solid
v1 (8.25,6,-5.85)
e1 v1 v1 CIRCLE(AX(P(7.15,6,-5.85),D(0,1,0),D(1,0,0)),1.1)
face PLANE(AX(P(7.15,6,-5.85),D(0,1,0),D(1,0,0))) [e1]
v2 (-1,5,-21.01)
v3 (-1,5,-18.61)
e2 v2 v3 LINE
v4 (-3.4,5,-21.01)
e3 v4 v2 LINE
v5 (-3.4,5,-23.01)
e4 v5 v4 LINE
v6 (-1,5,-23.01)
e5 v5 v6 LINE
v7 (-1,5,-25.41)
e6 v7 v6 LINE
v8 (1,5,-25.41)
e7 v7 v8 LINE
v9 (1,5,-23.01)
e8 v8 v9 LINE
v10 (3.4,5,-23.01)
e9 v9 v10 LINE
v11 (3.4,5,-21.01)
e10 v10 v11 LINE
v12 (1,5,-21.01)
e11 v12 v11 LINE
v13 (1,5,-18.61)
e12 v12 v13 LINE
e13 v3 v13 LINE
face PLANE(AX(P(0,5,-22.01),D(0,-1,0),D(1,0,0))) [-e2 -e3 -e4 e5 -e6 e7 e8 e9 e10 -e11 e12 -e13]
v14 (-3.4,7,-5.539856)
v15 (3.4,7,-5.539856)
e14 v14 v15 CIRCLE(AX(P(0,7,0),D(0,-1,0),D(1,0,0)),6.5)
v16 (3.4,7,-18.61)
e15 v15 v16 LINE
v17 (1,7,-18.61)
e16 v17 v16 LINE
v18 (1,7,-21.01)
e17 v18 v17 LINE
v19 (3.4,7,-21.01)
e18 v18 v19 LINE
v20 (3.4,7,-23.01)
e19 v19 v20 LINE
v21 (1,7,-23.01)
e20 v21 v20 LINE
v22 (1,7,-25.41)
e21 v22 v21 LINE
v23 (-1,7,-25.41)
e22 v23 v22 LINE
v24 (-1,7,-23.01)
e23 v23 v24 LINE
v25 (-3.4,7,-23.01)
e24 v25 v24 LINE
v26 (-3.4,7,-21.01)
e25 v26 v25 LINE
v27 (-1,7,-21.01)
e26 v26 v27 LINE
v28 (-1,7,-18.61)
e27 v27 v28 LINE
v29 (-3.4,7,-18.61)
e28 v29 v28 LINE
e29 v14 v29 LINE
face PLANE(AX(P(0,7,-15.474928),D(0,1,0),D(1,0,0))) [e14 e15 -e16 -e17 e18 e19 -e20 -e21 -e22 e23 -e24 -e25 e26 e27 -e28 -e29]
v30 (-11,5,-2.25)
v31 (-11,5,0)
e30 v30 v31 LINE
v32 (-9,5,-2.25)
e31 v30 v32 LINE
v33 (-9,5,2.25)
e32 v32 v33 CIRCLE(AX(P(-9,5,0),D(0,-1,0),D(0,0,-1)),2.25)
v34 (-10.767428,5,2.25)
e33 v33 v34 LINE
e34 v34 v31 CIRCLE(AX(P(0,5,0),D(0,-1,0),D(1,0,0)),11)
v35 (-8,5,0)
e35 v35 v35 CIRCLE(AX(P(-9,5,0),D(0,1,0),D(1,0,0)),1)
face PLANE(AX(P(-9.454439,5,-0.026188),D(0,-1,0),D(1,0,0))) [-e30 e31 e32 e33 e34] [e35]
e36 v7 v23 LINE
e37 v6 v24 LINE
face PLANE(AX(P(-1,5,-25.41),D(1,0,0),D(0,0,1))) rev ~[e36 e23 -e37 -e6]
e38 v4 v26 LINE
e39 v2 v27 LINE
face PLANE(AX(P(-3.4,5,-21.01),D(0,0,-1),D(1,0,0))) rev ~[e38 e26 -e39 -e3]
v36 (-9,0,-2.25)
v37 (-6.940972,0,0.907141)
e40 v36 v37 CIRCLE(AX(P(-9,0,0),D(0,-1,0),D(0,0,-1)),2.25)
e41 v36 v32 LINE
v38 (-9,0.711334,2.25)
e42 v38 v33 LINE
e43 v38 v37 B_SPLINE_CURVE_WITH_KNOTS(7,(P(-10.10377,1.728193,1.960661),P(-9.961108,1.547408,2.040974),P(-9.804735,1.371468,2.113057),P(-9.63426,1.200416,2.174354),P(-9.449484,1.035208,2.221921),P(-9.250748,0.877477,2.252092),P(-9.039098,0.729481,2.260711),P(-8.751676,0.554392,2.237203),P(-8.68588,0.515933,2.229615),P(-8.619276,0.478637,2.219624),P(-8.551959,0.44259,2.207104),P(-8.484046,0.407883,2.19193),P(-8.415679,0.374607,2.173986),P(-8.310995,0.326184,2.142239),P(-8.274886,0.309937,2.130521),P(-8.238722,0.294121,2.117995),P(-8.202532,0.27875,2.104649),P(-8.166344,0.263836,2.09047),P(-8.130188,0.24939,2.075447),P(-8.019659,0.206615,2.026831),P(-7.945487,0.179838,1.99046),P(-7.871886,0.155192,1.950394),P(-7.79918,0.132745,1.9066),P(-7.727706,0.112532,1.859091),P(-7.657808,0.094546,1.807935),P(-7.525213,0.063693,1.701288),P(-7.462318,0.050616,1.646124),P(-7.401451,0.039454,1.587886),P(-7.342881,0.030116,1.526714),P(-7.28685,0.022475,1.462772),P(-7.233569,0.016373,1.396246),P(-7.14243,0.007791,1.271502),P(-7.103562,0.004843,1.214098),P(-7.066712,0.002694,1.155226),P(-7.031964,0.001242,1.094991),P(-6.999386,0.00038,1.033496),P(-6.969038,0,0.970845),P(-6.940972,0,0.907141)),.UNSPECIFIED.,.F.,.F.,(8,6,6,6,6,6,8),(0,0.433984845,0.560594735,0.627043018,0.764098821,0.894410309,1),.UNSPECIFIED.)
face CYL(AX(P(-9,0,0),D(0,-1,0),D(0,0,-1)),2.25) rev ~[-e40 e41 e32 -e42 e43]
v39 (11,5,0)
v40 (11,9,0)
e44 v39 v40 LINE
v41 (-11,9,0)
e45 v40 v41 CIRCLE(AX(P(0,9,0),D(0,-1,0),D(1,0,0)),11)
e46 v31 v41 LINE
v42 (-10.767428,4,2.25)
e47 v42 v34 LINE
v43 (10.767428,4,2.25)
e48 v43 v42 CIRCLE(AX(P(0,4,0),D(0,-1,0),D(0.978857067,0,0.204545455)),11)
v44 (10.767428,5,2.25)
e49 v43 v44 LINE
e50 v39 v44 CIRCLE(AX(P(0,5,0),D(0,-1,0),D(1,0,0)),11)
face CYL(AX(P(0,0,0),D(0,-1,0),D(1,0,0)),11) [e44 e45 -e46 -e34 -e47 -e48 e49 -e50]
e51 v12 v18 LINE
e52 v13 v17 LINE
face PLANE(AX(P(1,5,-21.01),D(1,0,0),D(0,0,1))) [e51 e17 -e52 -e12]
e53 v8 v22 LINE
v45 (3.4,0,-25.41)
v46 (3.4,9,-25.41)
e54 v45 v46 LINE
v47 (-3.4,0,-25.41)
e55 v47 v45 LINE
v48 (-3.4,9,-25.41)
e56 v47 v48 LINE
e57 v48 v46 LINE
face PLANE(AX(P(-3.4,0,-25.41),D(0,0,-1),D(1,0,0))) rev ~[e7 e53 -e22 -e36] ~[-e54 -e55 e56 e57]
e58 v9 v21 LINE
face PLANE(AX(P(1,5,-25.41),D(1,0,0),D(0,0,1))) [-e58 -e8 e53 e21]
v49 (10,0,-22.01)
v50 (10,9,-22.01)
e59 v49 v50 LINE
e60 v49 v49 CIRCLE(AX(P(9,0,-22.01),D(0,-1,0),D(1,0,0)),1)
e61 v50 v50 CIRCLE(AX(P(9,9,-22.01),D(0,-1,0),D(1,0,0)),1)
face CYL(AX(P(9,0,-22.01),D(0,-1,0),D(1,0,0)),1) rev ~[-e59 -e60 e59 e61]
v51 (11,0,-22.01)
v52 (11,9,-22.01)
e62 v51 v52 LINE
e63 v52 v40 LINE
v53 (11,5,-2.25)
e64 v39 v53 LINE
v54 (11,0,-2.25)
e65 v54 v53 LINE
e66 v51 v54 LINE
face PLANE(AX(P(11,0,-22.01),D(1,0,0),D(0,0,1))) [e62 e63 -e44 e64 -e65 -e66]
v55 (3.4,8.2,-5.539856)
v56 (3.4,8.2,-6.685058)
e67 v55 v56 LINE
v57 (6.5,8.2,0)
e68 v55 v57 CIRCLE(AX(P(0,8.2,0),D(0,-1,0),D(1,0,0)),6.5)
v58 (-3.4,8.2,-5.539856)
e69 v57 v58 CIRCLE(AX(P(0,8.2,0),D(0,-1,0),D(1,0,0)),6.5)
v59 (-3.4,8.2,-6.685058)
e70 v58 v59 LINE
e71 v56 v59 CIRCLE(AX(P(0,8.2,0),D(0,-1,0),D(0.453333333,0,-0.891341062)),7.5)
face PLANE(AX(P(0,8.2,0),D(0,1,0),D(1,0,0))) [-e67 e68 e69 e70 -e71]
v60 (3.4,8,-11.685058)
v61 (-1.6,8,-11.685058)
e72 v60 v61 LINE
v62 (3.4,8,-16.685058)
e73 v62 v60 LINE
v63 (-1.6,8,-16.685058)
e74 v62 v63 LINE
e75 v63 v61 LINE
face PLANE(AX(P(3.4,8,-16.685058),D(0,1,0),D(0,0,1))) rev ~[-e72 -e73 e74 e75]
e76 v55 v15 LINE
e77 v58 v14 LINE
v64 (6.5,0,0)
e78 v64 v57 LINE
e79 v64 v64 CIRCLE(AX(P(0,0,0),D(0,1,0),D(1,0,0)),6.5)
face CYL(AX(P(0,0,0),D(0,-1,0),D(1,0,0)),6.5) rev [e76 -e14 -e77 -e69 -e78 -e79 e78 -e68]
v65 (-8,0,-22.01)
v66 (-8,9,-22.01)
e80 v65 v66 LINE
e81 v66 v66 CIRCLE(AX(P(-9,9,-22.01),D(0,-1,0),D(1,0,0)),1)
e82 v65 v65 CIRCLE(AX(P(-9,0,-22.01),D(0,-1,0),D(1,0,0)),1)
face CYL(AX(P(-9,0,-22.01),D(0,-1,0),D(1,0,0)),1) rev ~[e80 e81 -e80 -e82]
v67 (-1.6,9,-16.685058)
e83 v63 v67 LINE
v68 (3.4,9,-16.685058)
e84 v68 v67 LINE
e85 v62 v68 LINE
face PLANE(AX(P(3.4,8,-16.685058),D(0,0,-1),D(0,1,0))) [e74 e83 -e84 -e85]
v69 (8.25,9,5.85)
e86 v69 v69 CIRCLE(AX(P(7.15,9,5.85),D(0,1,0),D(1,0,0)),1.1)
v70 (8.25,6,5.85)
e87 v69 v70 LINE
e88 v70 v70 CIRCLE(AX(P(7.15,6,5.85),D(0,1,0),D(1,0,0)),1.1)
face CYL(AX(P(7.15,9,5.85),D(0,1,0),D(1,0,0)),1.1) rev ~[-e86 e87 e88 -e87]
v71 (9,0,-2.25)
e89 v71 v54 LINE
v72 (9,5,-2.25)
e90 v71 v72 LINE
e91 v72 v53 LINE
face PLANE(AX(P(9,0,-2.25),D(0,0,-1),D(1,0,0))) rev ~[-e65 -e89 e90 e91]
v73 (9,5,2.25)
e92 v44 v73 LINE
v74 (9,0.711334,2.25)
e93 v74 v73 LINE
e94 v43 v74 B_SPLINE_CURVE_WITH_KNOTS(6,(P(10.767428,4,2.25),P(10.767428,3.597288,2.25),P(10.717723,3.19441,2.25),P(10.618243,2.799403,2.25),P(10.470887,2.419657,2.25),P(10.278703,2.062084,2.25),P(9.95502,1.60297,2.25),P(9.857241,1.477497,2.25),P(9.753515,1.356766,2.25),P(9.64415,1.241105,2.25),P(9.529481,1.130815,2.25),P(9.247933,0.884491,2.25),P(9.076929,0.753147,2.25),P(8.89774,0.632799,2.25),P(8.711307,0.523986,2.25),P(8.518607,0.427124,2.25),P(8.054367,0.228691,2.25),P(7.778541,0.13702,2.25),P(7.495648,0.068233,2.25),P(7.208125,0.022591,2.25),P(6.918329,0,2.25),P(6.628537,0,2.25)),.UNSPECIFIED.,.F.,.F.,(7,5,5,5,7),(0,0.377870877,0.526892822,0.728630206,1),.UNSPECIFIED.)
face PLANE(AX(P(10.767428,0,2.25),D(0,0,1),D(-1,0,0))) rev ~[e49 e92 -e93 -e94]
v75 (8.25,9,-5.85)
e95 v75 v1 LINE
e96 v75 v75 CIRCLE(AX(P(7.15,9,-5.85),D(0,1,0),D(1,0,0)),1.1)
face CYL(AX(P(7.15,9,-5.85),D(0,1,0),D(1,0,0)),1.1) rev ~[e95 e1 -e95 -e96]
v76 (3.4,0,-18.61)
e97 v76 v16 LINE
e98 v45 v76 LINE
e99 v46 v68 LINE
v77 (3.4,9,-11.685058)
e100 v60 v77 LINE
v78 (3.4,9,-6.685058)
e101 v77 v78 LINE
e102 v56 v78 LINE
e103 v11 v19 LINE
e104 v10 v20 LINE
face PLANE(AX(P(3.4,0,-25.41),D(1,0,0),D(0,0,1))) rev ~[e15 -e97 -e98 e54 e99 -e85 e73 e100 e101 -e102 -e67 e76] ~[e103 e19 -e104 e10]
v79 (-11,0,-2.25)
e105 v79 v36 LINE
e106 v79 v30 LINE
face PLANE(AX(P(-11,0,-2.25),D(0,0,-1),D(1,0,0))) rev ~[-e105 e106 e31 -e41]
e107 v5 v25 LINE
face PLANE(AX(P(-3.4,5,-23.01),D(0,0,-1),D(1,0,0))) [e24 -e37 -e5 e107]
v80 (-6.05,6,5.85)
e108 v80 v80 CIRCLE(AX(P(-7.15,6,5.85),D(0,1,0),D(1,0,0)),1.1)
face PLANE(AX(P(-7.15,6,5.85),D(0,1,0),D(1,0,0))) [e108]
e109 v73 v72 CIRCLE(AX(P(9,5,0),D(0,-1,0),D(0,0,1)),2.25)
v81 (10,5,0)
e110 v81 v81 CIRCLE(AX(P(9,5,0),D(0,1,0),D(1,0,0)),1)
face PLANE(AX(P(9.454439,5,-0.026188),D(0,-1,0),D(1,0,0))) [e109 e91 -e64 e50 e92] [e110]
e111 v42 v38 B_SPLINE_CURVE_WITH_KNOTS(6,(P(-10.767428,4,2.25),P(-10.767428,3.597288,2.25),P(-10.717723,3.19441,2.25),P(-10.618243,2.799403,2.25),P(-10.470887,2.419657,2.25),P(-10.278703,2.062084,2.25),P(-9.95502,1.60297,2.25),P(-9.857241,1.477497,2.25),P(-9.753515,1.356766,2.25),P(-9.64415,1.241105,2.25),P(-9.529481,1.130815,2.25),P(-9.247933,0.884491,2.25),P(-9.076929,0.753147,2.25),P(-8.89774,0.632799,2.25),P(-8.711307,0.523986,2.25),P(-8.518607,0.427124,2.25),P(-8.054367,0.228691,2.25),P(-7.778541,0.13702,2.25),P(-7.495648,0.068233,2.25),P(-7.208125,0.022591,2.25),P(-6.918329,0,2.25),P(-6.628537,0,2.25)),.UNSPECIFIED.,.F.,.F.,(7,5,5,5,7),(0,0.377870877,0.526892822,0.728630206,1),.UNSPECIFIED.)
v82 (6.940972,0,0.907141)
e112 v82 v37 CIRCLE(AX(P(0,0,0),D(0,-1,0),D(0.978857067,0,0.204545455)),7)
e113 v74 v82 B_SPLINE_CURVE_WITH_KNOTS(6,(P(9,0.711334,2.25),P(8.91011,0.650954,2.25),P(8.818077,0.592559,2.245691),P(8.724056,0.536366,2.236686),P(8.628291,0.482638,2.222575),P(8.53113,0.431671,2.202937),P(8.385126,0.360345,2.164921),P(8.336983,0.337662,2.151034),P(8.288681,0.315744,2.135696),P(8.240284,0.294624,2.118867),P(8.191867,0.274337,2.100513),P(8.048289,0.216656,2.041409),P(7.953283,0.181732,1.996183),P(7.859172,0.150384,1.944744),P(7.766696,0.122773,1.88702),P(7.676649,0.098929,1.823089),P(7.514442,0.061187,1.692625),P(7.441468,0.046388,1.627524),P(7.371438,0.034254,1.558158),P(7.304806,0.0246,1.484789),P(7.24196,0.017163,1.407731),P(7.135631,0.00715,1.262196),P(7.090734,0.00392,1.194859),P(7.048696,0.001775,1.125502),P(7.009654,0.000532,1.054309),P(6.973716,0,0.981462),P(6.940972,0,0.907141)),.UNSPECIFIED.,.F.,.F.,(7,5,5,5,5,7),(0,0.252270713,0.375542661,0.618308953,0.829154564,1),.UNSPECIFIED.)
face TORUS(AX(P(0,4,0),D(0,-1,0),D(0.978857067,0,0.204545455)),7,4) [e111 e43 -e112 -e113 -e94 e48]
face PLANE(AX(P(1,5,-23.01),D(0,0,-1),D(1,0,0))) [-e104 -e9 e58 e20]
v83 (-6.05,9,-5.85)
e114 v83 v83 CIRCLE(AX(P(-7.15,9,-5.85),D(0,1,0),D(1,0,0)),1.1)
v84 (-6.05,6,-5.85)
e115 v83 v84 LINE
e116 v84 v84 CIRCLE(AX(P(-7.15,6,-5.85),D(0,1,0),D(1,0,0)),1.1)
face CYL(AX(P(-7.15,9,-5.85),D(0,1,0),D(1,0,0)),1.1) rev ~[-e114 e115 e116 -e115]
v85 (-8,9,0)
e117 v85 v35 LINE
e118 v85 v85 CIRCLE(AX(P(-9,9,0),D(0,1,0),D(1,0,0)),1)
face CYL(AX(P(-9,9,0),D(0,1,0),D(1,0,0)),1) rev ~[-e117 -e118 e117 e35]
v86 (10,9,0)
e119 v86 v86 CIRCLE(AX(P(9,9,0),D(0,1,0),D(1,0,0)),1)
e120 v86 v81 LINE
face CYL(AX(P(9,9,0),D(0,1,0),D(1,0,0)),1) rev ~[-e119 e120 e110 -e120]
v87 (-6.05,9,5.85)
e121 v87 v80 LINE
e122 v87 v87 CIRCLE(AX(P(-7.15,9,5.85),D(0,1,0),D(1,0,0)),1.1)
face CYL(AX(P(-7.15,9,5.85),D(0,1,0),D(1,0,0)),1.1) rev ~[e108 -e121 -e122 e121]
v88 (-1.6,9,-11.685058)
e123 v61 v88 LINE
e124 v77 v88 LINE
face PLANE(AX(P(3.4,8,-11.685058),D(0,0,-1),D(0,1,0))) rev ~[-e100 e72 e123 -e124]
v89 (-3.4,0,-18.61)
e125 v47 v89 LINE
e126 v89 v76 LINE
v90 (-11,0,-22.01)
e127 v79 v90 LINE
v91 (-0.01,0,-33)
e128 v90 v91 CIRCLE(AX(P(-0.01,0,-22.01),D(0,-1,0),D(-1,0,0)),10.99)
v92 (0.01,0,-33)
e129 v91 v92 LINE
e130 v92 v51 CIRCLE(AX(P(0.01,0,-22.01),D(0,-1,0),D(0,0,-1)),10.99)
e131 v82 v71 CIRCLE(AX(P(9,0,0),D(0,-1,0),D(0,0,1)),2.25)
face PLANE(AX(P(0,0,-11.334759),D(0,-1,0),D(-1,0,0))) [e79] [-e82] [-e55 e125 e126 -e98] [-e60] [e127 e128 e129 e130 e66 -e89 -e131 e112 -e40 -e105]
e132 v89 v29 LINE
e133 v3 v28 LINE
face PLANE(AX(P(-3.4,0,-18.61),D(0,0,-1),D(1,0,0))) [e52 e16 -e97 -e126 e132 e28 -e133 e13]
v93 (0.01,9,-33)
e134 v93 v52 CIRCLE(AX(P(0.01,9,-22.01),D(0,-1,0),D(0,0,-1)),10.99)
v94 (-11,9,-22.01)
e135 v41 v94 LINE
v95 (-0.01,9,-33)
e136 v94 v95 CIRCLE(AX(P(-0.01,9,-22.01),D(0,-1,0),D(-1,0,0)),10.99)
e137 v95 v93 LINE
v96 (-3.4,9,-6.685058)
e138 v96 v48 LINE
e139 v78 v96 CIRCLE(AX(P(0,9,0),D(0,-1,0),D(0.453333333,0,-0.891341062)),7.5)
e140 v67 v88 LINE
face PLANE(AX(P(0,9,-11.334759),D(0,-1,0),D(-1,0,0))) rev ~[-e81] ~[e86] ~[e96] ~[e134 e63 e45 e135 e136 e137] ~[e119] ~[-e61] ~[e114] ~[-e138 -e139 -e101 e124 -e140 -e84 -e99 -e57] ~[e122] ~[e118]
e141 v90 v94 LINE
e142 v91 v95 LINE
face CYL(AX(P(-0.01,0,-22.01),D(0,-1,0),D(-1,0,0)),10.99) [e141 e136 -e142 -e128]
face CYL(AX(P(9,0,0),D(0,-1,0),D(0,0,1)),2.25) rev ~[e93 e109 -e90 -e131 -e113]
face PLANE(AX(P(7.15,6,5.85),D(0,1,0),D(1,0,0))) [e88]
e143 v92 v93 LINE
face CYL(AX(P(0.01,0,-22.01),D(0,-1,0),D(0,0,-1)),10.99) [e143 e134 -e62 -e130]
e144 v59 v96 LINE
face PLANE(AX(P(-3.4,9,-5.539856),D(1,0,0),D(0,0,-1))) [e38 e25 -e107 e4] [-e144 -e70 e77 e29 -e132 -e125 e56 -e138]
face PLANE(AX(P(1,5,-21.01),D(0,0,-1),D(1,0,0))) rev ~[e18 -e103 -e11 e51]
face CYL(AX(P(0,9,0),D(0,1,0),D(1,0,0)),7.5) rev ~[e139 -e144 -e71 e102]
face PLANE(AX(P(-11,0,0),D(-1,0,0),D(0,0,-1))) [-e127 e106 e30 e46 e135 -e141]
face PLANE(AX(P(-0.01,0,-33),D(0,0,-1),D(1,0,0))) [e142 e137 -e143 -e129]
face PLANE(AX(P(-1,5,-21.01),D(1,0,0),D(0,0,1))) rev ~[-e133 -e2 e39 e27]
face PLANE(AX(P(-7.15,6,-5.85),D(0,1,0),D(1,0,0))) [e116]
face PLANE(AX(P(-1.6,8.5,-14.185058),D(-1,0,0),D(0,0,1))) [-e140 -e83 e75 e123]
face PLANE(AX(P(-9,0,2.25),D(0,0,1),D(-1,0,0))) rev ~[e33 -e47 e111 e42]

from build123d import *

# Parameters (mm, degrees)
SKETCH1_R           = 6.5
BOSS_EXTRUDE1_DEPTH = 9
SKETCH2_R           = 1.1
CUT_EXTRUDE1_DEPTH  = 3
SKETCH3_R           = 1
CUT_EXTRUDE2_DEPTH  = 20
CUT_EXTRUDE3_DEPTH  = 5
SKETCH6_W           = 6.8
SKETCH6_H           = 6.8
CUT_EXTRUDE4_DEPTH  = 5
SKETCH7_W           = 2.4
SKETCH7_H           = 2.4
CUT_EXTRUDE5_DEPTH  = 5
FILLET2_R           = 4
SKETCH8_R           = 1
CUT_EXTRUDE6_DEPTH  = 20
SKETCH9_R           = 7.5
CUT_EXTRUDE7_DEPTH  = 0.8
SKETCH10_W          = 6.8
SKETCH10_H          = 19.870144406
CUT_EXTRUDE8_DEPTH  = 2
SKETCH11_W          = 5
SKETCH11_H          = 1
BOSS_EXTRUDE2_DEPTH = 5


with BuildPart() as part:
    # Sketch1 → Boss-Extrude1 (new body)
    with BuildSketch(Plane(origin=(0, 0, 0), x_dir=(1, 0, 0), z_dir=(0, 1, 0))):
        with BuildLine():
            Line((-11, 0), (-11, 22.01))
            ThreePointArc((-11, 22.01), (-7.781103525, 29.781103525), (-0.01, 33))
            Line((-0.01, 33), (0.01, 33))
            ThreePointArc((0.01, 33), (7.781103525, 29.781103525), (11, 22.01))
            Line((11, 22.01), (11, 0))
            ThreePointArc((11, 0), (0, -11), (-11, 0))
        make_face()
        Circle(SKETCH1_R, mode=Mode.SUBTRACT)
    extrude(amount=BOSS_EXTRUDE1_DEPTH)

    # Sketch2 → Cut-Extrude1 (cut)
    with BuildSketch(Plane(origin=(0, 9, 0), x_dir=(1, 0, 0), z_dir=(0, 1, 0))):
        with Locations((-7.15, 5.85)):
            Circle(SKETCH2_R)
        with Locations((-7.15, -5.85)):
            Circle(SKETCH2_R)
        with Locations((7.15, -5.85)):
            Circle(SKETCH2_R)
        with Locations((7.15, 5.85)):
            Circle(SKETCH2_R)
    extrude(amount=-CUT_EXTRUDE1_DEPTH, mode=Mode.SUBTRACT)

    # Sketch3 → Cut-Extrude2 (cut)
    with BuildSketch(Plane(origin=(0, 9, 0), x_dir=(1, 0, 0), z_dir=(0, 1, 0))):
        with Locations((-9, 0)):
            Circle(SKETCH3_R)
        with Locations((9, 0)):
            Circle(SKETCH3_R)
    extrude(amount=-CUT_EXTRUDE2_DEPTH, mode=Mode.SUBTRACT)

    # Sketch4 → Cut-Extrude3 (cut)
    with BuildSketch(Plane.XZ):
        with BuildLine():
            Line((-9, 2.25), (-10.767427734, 2.25))
            Line((-10.767427734, 2.25), (-12, 0))
            Line((-12, 0), (-11, -2.25))
            Line((-11, -2.25), (-9, -2.25))
            ThreePointArc((-9, -2.25), (-6.75, 0), (-9, 2.25))
        make_face()
        with BuildLine():
            Line((12, 0), (10.767427734, 2.25))
            Line((10.767427734, 2.25), (9, 2.25))
            ThreePointArc((9, 2.25), (6.75, 0), (9, -2.25))
            Line((9, -2.25), (11, -2.25))
            Line((11, -2.25), (12, 0))
        make_face()
    extrude(amount=-CUT_EXTRUDE3_DEPTH, mode=Mode.SUBTRACT)

    # Sketch6 → Cut-Extrude4 (cut)
    with BuildSketch(Plane.XZ):
        with Locations((0, -22.01)):
            Rectangle(SKETCH6_W, SKETCH6_H)
    extrude(amount=-CUT_EXTRUDE4_DEPTH, mode=Mode.SUBTRACT)

    # Sketch7 → Cut-Extrude5 (cut)
    with BuildSketch(Plane.XZ.offset(-5)):
        with Locations((2.2, -19.81)):
            Rectangle(SKETCH7_W, SKETCH7_H)
        with Locations((-2.2, -19.81)):
            Rectangle(SKETCH7_W, SKETCH7_H)
        with Locations((2.2, -24.21)):
            Rectangle(SKETCH7_W, SKETCH7_H)
        with Locations((-2.2, -24.21)):
            Rectangle(SKETCH7_W, SKETCH7_H)
    extrude(amount=-CUT_EXTRUDE5_DEPTH, mode=Mode.SUBTRACT)

    # Fillet2
    fillet2_edges = [part.edges().sort_by_distance(p)[0] for p in [
        (0, 0, 11),
    ]]
    fillet(fillet2_edges, radius=FILLET2_R)

    # Sketch8 → Cut-Extrude6 (cut)
    with BuildSketch(Plane.XZ):
        with Locations((-9, -22.01)):
            Circle(SKETCH8_R)
        with Locations((9, -22.01)):
            Circle(SKETCH8_R)
    extrude(amount=-CUT_EXTRUDE6_DEPTH, mode=Mode.SUBTRACT)

    # Sketch9 → Cut-Extrude7 (cut)
    with BuildSketch(Plane(origin=(0, 9, 0), x_dir=(1, 0, 0), z_dir=(0, 1, 0))):
        Circle(SKETCH9_R)
    extrude(amount=-CUT_EXTRUDE7_DEPTH, mode=Mode.SUBTRACT)

    # Sketch10 → Cut-Extrude8 (cut)
    with BuildSketch(Plane(origin=(0, 9, 0), x_dir=(1, 0, 0), z_dir=(0, 1, 0))):
        with Locations((0, 15.474927797)):
            Rectangle(SKETCH10_W, SKETCH10_H)
    extrude(amount=-CUT_EXTRUDE8_DEPTH, mode=Mode.SUBTRACT)

    # Sketch11 → Boss-Extrude2 (add)
    with BuildSketch(Plane.ZY.offset(-3.4)):
        with Locations((-14.185057965, 8.5)):
            Rectangle(SKETCH11_W, SKETCH11_H)
    extrude(amount=BOSS_EXTRUDE2_DEPTH)


solid = part.part
